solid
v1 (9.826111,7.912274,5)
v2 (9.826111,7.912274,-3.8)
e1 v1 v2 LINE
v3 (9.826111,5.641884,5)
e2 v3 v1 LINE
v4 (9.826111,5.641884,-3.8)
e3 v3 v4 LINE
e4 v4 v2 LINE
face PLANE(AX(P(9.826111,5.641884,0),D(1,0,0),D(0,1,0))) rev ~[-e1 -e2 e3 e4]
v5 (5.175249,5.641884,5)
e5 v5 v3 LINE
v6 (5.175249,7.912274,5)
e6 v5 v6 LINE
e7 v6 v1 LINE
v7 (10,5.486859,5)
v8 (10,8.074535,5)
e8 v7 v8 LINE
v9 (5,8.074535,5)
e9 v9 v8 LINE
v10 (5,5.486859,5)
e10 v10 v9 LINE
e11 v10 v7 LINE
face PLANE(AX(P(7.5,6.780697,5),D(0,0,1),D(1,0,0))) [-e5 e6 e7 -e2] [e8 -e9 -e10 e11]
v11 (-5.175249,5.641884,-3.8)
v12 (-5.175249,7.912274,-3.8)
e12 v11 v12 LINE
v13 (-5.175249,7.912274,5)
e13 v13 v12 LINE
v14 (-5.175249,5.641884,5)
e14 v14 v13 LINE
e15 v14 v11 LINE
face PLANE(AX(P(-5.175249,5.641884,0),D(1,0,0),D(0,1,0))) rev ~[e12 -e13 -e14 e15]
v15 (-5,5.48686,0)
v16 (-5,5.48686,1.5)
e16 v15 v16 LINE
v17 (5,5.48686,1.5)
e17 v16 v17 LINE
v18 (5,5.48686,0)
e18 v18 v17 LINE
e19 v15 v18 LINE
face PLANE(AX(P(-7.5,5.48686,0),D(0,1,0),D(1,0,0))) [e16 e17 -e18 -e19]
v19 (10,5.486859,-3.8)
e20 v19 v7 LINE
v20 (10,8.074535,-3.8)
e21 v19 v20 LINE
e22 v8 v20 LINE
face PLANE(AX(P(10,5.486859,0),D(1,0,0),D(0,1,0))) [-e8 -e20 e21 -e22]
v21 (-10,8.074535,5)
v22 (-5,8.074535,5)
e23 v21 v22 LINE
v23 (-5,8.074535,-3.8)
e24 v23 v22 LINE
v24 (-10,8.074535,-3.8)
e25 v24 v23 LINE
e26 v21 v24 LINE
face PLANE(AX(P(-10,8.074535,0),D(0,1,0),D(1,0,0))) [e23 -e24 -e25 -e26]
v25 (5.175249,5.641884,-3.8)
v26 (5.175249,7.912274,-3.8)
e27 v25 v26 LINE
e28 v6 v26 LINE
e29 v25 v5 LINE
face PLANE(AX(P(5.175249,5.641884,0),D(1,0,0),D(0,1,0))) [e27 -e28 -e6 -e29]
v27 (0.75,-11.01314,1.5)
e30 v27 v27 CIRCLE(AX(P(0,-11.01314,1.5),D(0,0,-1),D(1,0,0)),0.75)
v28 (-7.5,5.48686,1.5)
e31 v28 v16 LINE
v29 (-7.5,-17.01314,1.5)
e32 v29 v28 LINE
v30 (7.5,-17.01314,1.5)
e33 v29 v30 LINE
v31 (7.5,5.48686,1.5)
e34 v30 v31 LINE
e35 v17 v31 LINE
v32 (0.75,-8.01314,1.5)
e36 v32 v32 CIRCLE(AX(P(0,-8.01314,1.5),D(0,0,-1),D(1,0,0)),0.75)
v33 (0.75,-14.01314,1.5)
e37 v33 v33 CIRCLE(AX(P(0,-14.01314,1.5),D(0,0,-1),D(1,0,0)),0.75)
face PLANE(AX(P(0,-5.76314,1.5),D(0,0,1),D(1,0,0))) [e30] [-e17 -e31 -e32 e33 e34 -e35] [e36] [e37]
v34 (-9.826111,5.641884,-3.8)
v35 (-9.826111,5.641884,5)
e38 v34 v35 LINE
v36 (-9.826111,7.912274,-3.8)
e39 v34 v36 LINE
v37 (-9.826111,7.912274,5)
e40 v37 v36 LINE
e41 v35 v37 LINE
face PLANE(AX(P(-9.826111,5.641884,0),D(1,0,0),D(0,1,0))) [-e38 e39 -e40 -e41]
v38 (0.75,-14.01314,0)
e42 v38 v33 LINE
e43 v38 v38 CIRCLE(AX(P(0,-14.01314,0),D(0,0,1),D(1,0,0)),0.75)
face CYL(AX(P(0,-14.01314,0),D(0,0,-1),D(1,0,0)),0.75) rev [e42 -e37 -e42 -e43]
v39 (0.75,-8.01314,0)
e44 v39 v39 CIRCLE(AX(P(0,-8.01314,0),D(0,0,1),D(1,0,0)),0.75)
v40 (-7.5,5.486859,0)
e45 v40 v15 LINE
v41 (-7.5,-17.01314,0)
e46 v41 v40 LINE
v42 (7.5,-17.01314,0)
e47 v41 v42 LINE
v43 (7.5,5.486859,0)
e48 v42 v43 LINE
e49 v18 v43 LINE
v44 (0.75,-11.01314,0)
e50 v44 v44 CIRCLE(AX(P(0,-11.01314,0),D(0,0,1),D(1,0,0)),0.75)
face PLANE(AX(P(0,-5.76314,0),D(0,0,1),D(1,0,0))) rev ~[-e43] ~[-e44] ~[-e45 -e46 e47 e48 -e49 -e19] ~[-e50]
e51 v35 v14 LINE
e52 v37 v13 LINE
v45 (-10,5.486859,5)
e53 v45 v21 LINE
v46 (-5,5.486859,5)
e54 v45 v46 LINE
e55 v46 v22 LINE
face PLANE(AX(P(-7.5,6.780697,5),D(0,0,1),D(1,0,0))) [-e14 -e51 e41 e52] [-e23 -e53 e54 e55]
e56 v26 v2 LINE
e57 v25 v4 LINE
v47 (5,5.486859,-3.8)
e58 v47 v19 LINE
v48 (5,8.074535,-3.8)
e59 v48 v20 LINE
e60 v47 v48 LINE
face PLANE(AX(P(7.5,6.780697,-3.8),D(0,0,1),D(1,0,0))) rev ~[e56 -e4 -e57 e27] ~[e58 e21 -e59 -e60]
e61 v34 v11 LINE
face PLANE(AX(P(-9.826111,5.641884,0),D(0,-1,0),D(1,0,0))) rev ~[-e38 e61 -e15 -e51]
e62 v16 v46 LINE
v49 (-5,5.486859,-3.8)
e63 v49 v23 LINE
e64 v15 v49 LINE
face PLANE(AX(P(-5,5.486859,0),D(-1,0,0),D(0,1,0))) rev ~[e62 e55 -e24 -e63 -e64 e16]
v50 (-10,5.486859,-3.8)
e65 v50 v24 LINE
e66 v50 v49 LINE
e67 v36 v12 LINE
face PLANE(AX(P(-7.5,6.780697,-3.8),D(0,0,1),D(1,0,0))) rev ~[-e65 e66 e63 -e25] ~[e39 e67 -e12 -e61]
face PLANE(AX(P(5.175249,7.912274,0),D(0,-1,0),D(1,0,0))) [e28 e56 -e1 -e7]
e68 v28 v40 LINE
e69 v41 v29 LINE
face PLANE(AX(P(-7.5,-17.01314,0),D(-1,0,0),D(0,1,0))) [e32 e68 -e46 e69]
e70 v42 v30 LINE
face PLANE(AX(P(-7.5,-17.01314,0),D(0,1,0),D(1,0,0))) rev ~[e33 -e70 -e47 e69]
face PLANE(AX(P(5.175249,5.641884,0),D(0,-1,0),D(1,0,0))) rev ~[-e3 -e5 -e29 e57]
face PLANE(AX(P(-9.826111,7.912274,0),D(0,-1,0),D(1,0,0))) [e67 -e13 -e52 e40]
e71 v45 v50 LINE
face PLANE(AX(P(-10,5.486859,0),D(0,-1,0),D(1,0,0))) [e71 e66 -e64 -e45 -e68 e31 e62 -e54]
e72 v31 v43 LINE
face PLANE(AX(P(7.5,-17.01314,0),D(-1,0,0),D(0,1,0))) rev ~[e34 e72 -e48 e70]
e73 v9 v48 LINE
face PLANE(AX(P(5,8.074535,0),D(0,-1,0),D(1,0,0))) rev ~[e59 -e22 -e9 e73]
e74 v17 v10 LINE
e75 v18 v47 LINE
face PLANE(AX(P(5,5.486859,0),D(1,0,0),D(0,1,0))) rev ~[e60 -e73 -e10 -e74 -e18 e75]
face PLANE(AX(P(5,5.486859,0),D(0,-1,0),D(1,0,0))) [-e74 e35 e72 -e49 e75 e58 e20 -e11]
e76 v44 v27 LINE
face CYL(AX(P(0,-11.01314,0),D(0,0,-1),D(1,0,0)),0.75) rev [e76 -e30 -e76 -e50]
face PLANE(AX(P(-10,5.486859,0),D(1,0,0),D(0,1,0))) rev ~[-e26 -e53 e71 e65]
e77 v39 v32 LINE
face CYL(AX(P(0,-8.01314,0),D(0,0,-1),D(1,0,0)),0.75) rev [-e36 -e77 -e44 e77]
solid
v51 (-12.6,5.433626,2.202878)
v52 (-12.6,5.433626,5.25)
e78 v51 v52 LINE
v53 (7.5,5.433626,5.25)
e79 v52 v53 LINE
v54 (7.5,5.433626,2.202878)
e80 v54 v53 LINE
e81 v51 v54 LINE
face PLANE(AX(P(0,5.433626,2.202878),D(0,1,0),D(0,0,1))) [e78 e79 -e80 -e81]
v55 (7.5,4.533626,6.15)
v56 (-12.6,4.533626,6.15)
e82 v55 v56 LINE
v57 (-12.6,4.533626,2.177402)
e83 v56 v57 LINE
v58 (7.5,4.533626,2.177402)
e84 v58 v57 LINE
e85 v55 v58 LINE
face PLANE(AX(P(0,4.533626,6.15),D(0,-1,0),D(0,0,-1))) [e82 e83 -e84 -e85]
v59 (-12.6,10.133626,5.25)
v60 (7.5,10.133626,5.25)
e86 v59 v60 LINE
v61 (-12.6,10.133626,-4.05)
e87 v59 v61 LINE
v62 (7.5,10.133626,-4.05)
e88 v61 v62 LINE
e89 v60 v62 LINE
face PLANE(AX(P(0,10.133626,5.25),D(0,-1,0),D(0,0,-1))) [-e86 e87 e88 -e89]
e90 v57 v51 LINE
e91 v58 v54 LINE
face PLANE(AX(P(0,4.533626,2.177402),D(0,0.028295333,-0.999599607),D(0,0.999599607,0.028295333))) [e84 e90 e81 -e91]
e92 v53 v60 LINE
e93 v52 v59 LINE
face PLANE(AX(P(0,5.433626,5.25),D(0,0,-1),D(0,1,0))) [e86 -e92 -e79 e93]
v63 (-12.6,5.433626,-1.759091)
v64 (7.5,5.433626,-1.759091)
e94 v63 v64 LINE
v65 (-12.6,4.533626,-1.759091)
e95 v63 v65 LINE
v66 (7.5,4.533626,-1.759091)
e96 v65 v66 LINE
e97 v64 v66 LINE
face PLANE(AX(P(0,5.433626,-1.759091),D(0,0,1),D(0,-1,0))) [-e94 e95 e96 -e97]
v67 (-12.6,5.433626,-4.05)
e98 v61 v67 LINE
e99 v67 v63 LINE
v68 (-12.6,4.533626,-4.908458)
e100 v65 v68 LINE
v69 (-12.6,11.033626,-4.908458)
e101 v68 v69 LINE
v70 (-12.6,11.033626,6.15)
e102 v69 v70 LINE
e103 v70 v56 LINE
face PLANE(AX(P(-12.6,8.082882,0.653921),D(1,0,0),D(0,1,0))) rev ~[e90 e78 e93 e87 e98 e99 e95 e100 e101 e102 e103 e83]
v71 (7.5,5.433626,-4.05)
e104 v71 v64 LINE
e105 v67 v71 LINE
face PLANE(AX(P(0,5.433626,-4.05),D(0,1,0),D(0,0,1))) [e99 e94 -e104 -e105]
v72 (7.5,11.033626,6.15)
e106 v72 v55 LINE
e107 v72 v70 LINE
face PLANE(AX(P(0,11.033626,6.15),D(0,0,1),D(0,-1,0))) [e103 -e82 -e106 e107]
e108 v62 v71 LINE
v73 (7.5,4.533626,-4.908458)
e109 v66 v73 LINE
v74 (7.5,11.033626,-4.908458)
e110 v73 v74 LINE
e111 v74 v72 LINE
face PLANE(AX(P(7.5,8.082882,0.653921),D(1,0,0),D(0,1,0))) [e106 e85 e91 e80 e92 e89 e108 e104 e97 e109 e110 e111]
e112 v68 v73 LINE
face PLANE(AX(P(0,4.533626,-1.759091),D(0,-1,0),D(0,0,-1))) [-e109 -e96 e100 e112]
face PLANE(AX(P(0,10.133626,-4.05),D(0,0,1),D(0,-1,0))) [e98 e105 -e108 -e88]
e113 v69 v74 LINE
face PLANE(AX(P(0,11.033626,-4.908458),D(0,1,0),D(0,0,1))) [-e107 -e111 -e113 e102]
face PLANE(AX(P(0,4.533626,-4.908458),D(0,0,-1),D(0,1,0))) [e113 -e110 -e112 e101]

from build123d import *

# Parameters (mm, degrees)
F0_W          = 15
F0_H          = 22.5
F1_DEPTH      = 1.5
F2_W          = 5
F2_H          = 2.587675
F2_W_2        = 4.650861
F2_H_2        = 2.27039
F3_DEPTH      = 5
F3_DEPTH_BACK = 3.8
F4_R          = 0.75
F5_DEPTH      = 25
F7_DEPTH      = 7.5
F7_DEPTH_BACK = 12.6


with BuildPart() as f1:
    # F0 (on Top) → F1 (new body)
    with BuildSketch(Plane.XY):
        with Locations((0, -5.76314)):
            Rectangle(F0_W, F0_H)
    extrude(amount=F1_DEPTH)

    # F2 (on Top) → F3 (join, two sides)
    with BuildSketch(Plane.XY) as f3_sk:
        with Locations((7.5, 6.780697)):
            Rectangle(F2_W, F2_H)
        with Locations((7.50068, 6.777079)):
            Rectangle(F2_W_2, F2_H_2, mode=Mode.SUBTRACT)
        with Locations((-7.5, 6.780697)):
            Rectangle(F2_W, F2_H)
        with Locations((-7.50068, 6.777079)):
            Rectangle(F2_W_2, F2_H_2, mode=Mode.SUBTRACT)
    extrude(amount=F3_DEPTH)
    extrude(f3_sk.sketch, amount=-F3_DEPTH_BACK)

    # F4 (on Top) → F5 (cut)
    with BuildSketch(Plane.XY):
        with Locations((0, -14.01314)):
            Circle(F4_R)
        with Locations((0, -11.01314)):
            Circle(F4_R)
        with Locations((0, -8.01314)):
            Circle(F4_R)
    extrude(amount=F5_DEPTH, mode=Mode.SUBTRACT)


with BuildPart() as f7:
    # F6 (on Right) → F7 (new body, two sides)
    with BuildSketch(Plane.YZ) as f7_sk:
        Polygon((4.533626, 2.177402), (5.433626, 2.202878), (5.433626, 5.25), (10.133626, 5.25), (10.133626, -4.05), (5.433626, -4.05), (5.433626, -1.759091), (4.533626, -1.759091), (4.533626, -4.908458), (11.033626, -4.908458), (11.033626, 6.15), (4.533626, 6.15), align=None)
    extrude(amount=F7_DEPTH)
    extrude(f7_sk.sketch, amount=-F7_DEPTH_BACK)


solid = Compound([f1.part, f7.part])
